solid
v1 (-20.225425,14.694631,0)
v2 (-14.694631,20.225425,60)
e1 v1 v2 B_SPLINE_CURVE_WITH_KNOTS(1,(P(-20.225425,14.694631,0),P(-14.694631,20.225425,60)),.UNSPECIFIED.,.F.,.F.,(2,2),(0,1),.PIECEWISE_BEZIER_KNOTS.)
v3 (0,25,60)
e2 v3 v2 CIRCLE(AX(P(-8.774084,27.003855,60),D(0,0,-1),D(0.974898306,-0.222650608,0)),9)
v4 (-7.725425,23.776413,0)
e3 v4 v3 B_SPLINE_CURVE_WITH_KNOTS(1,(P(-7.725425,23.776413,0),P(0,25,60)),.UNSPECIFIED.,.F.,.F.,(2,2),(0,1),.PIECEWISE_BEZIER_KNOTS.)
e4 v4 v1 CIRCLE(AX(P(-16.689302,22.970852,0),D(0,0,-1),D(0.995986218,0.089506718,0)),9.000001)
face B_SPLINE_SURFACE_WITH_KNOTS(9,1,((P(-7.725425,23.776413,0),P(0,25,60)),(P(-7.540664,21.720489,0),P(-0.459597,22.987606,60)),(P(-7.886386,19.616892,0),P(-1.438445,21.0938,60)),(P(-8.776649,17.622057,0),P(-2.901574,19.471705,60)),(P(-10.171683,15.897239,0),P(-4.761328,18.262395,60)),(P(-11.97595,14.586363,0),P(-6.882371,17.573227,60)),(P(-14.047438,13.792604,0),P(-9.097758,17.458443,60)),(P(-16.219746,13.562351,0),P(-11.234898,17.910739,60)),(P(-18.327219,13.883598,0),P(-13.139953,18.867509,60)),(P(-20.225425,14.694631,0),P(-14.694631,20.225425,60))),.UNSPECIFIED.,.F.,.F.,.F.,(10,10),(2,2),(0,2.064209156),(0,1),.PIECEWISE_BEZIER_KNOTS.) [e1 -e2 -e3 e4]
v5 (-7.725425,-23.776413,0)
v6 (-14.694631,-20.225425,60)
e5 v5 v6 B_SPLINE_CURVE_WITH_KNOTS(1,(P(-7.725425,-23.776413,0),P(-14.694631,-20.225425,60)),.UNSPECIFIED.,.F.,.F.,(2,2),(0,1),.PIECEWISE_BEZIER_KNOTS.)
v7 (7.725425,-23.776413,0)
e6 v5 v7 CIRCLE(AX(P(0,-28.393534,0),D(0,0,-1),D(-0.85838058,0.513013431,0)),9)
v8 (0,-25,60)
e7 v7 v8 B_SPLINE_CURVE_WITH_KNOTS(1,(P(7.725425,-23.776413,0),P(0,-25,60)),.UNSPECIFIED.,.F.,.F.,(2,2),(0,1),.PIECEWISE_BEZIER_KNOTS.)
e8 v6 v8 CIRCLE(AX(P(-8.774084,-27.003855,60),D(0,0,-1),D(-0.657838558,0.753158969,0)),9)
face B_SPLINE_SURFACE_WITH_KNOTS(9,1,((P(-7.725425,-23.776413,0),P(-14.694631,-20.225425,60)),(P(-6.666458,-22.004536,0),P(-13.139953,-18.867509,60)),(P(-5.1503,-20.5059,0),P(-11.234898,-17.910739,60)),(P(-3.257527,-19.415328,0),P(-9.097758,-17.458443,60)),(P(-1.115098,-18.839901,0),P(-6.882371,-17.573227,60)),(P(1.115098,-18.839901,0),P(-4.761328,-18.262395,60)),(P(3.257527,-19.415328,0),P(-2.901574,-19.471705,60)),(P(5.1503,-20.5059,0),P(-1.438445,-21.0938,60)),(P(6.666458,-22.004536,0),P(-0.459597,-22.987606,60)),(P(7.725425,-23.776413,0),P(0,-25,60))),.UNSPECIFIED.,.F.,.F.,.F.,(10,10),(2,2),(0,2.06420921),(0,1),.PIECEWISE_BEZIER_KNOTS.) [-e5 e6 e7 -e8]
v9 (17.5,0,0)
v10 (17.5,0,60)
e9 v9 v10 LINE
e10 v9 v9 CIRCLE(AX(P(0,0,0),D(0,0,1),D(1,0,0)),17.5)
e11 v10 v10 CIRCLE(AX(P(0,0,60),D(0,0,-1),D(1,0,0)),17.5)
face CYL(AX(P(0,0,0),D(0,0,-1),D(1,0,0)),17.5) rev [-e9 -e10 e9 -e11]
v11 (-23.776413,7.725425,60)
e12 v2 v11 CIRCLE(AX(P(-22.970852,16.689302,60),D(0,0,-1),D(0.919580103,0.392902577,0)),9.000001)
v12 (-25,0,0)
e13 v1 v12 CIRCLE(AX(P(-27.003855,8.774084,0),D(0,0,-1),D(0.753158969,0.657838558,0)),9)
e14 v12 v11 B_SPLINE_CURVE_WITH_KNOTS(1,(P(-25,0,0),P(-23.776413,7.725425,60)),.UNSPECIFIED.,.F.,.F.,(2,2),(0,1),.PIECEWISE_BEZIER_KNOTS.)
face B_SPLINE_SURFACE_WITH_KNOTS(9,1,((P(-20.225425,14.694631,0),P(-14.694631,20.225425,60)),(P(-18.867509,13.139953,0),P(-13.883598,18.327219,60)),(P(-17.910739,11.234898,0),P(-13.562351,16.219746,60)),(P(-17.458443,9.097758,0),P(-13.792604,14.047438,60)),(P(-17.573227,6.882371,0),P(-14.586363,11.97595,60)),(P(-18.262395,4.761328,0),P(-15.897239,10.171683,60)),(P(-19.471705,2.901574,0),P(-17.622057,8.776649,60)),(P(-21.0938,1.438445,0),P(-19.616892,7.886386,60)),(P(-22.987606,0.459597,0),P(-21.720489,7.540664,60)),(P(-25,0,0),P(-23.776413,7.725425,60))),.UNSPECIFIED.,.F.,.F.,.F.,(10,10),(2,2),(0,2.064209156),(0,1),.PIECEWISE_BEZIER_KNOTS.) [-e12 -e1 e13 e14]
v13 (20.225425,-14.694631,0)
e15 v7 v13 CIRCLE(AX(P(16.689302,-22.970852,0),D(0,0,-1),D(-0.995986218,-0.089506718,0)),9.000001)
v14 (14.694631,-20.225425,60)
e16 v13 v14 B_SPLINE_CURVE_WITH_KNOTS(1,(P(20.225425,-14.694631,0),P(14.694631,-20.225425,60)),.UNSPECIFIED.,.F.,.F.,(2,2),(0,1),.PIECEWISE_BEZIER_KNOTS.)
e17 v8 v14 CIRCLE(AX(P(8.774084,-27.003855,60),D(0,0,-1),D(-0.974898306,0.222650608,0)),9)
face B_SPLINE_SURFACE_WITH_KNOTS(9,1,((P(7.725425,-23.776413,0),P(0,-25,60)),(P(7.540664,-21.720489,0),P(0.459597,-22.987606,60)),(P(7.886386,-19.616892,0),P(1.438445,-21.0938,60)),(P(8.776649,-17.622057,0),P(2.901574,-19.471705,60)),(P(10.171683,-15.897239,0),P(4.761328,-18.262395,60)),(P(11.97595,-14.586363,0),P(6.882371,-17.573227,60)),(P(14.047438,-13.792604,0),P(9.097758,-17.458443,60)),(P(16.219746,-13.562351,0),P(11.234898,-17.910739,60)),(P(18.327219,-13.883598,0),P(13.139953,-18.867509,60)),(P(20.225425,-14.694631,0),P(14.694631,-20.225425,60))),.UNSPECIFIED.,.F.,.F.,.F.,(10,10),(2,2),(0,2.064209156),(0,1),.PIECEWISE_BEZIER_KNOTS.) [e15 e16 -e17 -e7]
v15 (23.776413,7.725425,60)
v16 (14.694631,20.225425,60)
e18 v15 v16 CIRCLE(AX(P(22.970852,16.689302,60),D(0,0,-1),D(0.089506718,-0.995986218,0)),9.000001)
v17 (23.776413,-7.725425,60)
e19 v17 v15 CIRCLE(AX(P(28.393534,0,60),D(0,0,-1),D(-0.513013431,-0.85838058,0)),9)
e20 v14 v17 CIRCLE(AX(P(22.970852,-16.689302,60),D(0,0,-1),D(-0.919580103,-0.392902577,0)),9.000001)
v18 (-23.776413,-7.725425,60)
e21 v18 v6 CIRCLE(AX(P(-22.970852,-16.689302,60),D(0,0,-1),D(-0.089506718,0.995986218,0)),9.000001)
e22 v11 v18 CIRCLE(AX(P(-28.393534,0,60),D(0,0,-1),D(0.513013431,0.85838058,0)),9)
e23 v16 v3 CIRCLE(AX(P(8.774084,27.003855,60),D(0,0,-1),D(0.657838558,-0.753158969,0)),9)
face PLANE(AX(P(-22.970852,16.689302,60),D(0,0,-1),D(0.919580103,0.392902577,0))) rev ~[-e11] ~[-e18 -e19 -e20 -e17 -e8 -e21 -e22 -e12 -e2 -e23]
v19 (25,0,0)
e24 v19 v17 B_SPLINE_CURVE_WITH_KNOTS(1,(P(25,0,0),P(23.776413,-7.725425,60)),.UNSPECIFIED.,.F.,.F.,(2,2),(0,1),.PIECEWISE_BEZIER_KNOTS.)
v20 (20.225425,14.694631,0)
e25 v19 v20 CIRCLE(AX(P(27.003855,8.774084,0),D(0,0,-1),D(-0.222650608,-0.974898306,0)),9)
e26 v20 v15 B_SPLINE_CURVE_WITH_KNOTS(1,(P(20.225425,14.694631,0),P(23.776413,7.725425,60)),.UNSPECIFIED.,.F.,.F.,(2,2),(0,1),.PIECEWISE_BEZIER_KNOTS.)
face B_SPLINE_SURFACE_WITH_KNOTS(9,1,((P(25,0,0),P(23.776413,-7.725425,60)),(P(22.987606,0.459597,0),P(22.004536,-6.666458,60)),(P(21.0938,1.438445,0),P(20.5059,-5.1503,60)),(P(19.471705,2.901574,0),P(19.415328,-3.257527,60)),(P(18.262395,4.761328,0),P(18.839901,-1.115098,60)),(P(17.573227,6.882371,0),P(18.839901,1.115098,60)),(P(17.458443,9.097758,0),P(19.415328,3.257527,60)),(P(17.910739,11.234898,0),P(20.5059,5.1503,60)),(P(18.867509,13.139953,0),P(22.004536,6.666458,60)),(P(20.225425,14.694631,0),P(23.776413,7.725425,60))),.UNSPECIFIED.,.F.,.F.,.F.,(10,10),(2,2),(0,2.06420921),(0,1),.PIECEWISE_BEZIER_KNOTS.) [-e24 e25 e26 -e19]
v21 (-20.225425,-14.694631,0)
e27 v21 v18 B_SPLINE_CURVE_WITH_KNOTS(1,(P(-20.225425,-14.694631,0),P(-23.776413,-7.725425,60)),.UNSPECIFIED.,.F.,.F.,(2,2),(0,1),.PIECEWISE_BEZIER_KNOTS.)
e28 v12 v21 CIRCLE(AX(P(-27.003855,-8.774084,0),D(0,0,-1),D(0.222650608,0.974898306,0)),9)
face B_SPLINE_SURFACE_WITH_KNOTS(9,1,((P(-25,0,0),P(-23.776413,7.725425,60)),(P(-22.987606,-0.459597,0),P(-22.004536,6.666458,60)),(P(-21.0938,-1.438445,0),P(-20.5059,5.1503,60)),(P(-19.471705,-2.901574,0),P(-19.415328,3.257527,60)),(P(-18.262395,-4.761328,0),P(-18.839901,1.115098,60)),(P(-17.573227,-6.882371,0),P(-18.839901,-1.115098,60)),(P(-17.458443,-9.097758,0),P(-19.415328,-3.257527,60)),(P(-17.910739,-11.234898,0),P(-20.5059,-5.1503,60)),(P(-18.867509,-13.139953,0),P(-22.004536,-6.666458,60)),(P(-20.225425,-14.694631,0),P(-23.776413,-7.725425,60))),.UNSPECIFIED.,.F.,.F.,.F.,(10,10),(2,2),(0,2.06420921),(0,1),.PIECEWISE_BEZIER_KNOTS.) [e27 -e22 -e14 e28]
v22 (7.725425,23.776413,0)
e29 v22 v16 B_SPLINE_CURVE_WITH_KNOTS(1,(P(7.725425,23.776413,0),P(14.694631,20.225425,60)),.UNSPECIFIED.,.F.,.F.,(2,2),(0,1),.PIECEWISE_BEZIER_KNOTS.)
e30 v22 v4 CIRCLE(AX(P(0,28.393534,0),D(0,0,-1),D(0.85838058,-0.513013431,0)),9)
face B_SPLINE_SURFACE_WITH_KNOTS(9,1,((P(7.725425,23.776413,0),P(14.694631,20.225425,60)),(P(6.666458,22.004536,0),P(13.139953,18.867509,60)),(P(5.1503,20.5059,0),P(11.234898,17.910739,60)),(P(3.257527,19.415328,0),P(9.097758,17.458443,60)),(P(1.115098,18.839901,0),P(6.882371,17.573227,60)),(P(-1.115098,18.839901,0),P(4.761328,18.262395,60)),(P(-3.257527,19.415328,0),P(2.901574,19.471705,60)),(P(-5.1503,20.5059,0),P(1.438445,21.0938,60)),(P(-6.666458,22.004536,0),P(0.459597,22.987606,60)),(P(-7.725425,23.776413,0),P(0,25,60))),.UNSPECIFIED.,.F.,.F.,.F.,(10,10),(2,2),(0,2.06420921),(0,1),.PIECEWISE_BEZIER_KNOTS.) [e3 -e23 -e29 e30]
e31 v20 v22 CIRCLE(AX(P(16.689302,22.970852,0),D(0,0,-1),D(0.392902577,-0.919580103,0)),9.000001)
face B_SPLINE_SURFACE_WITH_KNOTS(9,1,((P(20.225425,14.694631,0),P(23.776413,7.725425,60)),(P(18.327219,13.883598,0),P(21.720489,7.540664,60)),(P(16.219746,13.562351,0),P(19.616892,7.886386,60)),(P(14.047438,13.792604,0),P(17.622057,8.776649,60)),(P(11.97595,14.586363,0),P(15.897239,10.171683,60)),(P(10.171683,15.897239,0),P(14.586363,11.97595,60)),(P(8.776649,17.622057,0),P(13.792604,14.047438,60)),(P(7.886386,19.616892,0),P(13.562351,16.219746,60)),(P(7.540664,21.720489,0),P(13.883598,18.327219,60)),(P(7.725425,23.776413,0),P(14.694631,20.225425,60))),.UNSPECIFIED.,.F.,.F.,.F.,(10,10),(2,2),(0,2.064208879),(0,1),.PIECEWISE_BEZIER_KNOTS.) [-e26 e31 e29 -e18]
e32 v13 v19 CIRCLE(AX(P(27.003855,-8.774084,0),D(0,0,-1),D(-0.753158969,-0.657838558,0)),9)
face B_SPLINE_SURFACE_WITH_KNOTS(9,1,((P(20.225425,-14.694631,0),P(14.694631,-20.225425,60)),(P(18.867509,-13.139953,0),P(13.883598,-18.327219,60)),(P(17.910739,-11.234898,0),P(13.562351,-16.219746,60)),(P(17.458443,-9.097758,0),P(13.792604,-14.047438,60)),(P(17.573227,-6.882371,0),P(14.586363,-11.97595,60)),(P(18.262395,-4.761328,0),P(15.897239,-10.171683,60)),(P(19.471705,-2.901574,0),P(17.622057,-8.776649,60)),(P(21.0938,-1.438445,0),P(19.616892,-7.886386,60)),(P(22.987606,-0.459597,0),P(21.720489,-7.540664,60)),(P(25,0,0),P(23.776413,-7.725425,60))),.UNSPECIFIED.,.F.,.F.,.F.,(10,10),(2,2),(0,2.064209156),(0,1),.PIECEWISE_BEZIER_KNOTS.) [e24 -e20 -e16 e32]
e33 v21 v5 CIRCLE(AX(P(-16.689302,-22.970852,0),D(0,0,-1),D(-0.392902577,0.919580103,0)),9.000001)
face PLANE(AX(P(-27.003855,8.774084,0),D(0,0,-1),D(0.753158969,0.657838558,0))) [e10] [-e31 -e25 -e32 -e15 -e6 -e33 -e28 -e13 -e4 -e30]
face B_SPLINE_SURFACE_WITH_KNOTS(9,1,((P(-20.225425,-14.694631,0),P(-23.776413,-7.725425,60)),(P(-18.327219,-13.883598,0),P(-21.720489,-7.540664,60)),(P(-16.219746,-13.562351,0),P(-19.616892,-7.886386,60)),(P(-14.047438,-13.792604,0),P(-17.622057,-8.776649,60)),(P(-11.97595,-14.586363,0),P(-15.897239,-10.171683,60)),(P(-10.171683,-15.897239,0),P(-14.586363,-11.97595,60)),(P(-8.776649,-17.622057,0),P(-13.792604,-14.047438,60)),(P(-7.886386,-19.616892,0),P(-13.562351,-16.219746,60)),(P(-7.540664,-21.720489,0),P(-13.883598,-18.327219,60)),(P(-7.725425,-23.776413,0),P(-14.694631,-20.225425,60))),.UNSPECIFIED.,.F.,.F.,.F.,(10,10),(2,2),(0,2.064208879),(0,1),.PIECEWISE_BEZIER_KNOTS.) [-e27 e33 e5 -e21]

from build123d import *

# Parameters (mm, degrees)
F4_R     = 17.5
F5_DEPTH = 60.001


with BuildPart() as f3:
    # F0 (on Top) → F3 section 0
    with BuildSketch(Plane.XY):
        with BuildLine():
            ThreePointArc((-20.225425, 14.694631), (-18.444347, 5.992932), (-25, 0))
            ThreePointArc((-25, 0), (-18.444347, -5.992932), (-20.225425, -14.694631))
            ThreePointArc((-20.225425, -14.694631), (-11.399234, -15.689699), (-7.725425, -23.776413))
            ThreePointArc((-7.725425, -23.776413), (0, -19.393534), (7.725425, -23.776413))
            ThreePointArc((7.725425, -23.776413), (11.399234, -15.689699), (20.225425, -14.694631))
            ThreePointArc((20.225425, -14.694631), (18.444347, -5.992932), (25, 0))
            ThreePointArc((25, 0), (18.444347, 5.992932), (20.225425, 14.694631))
            ThreePointArc((20.225425, 14.694631), (11.399234, 15.689699), (7.725425, 23.776413))
            ThreePointArc((7.725425, 23.776413), (0, 19.393534), (-7.725425, 23.776413))
            ThreePointArc((-7.725425, 23.776413), (-11.399234, 15.689699), (-20.225425, 14.694631))
        make_face()
    # F2 (on offset) → F3 section 1
    with BuildSketch(Plane.XY.offset(60)):
        with BuildLine():
            ThreePointArc((14.694631, 20.225425), (5.992932, 18.444347), (0, 25))
            ThreePointArc((0, 25), (-5.992932, 18.444347), (-14.694631, 20.225425))
            ThreePointArc((-14.694631, 20.225425), (-15.689699, 11.399234), (-23.776413, 7.725425))
            ThreePointArc((-23.776413, 7.725425), (-19.393534, 0), (-23.776413, -7.725425))
            ThreePointArc((-23.776413, -7.725425), (-15.689699, -11.399234), (-14.694631, -20.225425))
            ThreePointArc((-14.694631, -20.225425), (-5.992932, -18.444347), (0, -25))
            ThreePointArc((0, -25), (5.992932, -18.444347), (14.694631, -20.225425))
            ThreePointArc((14.694631, -20.225425), (15.689699, -11.399234), (23.776413, -7.725425))
            ThreePointArc((23.776413, -7.725425), (19.393534, 0), (23.776413, 7.725425))
            ThreePointArc((23.776413, 7.725425), (15.689699, 11.399234), (14.694631, 20.225425))
        make_face()
    loft()

    # F4 (on face) → F5 (cut, through all)
    with BuildSketch(Plane.XY):
        Circle(F4_R)
    extrude(amount=F5_DEPTH, mode=Mode.SUBTRACT)


solid = f3.part
